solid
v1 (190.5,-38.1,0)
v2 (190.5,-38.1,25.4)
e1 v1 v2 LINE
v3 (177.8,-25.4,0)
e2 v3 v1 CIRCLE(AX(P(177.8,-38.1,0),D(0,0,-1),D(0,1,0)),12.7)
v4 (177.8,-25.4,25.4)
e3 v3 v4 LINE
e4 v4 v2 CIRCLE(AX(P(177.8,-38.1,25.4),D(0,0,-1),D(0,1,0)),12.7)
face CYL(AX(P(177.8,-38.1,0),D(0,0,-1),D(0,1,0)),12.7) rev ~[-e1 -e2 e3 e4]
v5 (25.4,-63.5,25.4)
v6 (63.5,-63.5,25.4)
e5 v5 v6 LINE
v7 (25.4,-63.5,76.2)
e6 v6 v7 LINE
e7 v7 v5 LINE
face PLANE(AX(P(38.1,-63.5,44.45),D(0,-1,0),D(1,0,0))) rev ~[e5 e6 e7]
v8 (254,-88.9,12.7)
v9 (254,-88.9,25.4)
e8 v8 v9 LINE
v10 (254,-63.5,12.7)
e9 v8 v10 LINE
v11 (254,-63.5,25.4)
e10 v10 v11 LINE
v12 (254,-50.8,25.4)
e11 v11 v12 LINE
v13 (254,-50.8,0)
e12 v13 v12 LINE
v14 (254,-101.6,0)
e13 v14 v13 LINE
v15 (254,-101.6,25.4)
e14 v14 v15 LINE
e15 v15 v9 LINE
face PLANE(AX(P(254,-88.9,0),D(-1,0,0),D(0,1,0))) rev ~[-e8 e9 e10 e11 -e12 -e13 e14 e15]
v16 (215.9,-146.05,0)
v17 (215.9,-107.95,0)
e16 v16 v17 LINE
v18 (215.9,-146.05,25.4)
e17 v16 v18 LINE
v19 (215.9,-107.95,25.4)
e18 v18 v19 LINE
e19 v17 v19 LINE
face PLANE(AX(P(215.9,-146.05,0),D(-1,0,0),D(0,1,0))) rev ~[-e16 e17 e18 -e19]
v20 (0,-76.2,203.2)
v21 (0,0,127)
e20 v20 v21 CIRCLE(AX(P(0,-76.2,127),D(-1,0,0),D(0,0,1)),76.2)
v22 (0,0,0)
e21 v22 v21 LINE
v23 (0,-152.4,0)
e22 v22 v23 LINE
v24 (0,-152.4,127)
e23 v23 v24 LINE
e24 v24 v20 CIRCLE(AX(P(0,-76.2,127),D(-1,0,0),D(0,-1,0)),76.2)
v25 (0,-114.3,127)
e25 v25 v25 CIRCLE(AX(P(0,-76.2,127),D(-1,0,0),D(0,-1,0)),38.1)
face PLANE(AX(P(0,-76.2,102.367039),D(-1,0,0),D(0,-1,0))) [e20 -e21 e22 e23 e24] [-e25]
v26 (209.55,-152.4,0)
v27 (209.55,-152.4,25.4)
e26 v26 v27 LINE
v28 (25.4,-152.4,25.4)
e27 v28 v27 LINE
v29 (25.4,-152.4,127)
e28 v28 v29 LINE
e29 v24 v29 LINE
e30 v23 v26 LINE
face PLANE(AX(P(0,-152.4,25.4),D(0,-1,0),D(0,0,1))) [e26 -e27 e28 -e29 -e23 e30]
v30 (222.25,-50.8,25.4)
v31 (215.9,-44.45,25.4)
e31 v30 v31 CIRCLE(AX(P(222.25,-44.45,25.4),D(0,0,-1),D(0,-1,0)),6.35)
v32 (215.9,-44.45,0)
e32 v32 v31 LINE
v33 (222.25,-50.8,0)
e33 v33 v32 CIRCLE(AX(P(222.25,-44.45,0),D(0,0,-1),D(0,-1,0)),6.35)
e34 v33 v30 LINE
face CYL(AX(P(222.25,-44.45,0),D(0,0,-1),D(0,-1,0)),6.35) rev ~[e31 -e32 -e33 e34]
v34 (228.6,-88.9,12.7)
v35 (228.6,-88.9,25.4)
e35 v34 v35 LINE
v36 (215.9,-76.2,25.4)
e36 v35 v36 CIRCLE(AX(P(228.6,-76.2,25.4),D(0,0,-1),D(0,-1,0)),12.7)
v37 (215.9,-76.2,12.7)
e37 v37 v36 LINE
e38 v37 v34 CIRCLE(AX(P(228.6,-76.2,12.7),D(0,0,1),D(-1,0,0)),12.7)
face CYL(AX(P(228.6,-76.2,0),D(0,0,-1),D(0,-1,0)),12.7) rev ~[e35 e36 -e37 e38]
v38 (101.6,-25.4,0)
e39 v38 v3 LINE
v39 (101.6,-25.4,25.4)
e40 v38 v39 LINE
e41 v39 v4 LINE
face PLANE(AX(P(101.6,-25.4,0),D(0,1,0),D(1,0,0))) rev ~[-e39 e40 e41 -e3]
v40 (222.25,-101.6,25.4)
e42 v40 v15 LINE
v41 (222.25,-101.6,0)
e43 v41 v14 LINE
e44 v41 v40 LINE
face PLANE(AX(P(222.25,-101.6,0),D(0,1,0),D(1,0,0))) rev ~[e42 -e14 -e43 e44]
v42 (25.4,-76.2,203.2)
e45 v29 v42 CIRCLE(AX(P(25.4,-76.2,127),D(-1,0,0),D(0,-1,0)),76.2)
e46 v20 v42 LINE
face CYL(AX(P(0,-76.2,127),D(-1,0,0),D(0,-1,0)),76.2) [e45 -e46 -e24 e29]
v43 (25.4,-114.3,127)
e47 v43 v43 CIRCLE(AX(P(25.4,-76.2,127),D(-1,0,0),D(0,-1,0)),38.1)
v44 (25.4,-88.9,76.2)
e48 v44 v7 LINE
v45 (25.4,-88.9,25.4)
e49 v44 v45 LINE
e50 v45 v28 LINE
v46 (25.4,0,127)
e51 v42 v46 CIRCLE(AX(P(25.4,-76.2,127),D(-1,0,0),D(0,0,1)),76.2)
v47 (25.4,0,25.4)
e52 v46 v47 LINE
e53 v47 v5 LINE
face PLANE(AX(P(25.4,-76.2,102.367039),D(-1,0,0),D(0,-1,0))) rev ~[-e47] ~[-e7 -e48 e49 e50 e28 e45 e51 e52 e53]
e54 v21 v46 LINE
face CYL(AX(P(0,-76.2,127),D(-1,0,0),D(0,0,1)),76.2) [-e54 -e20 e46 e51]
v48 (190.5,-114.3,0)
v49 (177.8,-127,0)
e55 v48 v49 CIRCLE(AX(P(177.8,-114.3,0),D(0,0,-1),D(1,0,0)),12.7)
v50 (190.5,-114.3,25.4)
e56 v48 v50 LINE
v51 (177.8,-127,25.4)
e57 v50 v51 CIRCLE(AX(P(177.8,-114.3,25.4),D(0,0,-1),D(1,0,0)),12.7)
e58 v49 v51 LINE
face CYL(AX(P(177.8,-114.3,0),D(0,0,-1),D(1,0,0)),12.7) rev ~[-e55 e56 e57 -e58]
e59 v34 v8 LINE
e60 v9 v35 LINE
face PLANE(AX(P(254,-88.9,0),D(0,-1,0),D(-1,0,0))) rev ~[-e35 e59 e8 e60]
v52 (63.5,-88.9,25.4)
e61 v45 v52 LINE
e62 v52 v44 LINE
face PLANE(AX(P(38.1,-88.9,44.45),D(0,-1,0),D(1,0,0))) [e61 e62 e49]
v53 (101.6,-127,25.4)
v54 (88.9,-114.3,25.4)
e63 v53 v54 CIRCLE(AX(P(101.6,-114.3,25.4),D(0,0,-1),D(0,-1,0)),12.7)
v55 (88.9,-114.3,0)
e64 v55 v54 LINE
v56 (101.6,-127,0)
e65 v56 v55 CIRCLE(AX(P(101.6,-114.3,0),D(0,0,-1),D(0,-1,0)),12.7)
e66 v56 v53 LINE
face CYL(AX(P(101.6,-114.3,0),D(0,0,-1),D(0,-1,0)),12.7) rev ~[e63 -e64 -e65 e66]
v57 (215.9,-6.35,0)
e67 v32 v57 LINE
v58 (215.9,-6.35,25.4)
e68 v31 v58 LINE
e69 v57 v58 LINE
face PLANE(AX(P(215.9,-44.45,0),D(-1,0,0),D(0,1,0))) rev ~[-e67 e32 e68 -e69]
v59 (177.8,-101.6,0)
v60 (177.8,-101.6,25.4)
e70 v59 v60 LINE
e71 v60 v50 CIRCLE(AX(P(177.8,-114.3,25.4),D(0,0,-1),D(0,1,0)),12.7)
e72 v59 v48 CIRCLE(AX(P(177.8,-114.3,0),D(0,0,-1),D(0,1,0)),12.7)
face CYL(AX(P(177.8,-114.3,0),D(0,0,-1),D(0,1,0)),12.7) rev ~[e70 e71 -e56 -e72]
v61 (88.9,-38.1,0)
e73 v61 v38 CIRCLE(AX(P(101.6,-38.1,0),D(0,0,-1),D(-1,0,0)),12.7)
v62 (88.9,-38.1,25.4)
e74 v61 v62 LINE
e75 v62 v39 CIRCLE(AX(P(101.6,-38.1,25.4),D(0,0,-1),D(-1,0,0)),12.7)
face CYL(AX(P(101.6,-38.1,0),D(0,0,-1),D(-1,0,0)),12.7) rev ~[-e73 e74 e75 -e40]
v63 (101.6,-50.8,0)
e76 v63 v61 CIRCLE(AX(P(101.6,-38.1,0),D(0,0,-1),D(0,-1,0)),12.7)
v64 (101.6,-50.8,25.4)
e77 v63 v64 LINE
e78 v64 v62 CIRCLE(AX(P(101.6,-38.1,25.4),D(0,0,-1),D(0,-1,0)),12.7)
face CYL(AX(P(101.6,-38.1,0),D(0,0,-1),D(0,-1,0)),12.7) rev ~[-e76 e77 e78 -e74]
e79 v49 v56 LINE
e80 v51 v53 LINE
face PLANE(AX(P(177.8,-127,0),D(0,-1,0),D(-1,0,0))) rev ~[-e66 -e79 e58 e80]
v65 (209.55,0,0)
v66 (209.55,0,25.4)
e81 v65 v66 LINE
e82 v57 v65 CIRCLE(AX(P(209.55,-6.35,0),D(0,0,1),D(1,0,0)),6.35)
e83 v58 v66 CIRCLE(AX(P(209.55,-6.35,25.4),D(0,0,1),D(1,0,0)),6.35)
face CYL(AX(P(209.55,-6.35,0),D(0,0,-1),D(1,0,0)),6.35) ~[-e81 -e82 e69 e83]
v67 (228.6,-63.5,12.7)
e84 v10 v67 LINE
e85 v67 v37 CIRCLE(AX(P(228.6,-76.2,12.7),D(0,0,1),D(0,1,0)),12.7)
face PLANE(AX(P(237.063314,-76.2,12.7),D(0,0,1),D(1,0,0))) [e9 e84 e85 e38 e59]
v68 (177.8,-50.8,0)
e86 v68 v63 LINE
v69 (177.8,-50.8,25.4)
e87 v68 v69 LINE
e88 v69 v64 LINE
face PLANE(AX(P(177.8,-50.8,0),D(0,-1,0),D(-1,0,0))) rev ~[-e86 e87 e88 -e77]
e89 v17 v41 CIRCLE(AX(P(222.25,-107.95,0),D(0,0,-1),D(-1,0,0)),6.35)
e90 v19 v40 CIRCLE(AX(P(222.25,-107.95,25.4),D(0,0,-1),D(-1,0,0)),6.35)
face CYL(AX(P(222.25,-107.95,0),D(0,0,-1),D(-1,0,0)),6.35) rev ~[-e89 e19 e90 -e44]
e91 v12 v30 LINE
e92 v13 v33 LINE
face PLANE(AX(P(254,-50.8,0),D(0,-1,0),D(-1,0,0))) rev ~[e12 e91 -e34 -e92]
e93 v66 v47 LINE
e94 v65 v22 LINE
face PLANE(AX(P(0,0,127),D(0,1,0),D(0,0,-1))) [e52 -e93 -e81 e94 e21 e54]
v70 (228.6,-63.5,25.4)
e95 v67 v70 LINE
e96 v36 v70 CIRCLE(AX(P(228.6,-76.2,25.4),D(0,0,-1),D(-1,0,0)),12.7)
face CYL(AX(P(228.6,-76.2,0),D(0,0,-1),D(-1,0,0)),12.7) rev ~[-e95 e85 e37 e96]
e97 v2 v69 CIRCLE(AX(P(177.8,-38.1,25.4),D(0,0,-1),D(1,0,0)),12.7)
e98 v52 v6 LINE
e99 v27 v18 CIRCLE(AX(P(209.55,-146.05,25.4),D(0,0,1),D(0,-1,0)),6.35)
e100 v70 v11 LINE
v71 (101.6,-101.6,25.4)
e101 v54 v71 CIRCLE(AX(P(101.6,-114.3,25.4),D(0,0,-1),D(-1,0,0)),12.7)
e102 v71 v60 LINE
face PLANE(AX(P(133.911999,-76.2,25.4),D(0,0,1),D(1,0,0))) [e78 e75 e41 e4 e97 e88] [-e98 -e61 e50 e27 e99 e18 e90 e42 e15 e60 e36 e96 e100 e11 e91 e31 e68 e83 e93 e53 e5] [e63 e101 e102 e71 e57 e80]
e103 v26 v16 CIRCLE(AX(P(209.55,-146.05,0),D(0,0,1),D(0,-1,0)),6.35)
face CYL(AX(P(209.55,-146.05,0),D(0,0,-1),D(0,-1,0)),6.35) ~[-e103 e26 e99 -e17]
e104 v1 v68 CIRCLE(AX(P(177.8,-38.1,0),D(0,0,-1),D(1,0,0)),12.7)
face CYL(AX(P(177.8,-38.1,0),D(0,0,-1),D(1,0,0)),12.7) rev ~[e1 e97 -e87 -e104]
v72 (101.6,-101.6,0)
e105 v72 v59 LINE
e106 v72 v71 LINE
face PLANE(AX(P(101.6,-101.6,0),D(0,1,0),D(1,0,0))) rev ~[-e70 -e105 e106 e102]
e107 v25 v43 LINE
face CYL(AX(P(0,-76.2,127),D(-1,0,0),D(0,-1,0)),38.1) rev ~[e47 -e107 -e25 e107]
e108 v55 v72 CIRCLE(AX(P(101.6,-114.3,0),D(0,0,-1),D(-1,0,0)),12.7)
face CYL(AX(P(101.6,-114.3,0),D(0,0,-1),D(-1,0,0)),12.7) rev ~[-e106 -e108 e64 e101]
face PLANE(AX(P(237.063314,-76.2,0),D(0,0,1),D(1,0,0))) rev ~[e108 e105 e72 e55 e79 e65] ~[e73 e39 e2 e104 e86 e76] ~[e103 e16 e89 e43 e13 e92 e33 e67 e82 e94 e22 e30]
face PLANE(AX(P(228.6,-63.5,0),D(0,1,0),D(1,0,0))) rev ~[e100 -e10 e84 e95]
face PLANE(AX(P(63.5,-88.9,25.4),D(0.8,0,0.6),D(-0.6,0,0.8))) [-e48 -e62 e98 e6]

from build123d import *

# Parameters (mm, degrees)
F1_DEPTH = 25.4
F2_DEPTH = 12.7
F3_R     = 38.1
F4_DEPTH = 25.4
F6_START = -63.5
F6_DEPTH = 25.4


with BuildPart() as f1:
    # F0 (on Top) → F1 (new body)
    with BuildSketch(Plane.XY):
        with BuildLine():
            Line((88.9, -38.1), (0, -38.1))
            Line((0, -38.1), (0, -114.3))
            Line((0, -114.3), (88.9, -114.3))
            ThreePointArc((88.9, -114.3), (92.6197438789, -105.3197438789), (101.6, -101.6))
            Line((101.6, -101.6), (177.8, -101.6))
            ThreePointArc((177.8, -101.6), (186.7802561211, -105.3197438789), (190.5, -114.3))
            Line((190.5, -114.3), (215.9, -114.3))
            Line((215.9, -114.3), (215.9, -107.95))
            ThreePointArc((215.9, -107.95), (217.7598719395, -103.4598719395), (222.25, -101.6))
            Line((222.25, -101.6), (254, -101.6))
            Line((254, -101.6), (254, -88.9))
            Line((254, -88.9), (228.6, -88.9))
            ThreePointArc((228.6, -88.9), (219.6197438789, -85.1802561211), (215.9, -76.2))
            ThreePointArc((215.9, -76.2), (219.6197438789, -67.2197438789), (228.6, -63.5))
            Line((228.6, -63.5), (254, -63.5))
            Line((254, -63.5), (254, -50.8))
            Line((254, -50.8), (222.25, -50.8))
            ThreePointArc((222.25, -50.8), (217.7598719395, -48.9401280605), (215.9, -44.45))
            Line((215.9, -44.45), (215.9, -38.1))
            Line((215.9, -38.1), (190.5, -38.1))
            ThreePointArc((190.5, -38.1), (186.7802561211, -47.0802561211), (177.8, -50.8))
            Line((177.8, -50.8), (101.6, -50.8))
            ThreePointArc((101.6, -50.8), (92.6197438789, -47.0802561211), (88.9, -38.1))
        make_face()
        with BuildLine():
            Line((209.55, 0), (0, 0))
            Line((0, 0), (0, -38.1))
            Line((0, -38.1), (88.9, -38.1))
            ThreePointArc((88.9, -38.1), (92.6197438789, -29.1197438789), (101.6, -25.4))
            Line((101.6, -25.4), (177.8, -25.4))
            ThreePointArc((177.8, -25.4), (186.7802561211, -29.1197438789), (190.5, -38.1))
            Line((190.5, -38.1), (215.9, -38.1))
            Line((215.9, -38.1), (215.9, -6.35))
            ThreePointArc((215.9, -6.35), (214.0401280605, -1.8598719395), (209.55, 0))
        make_face()
        with BuildLine():
            Line((88.9, -114.3), (0, -114.3))
            Line((0, -114.3), (0, -152.4))
            Line((0, -152.4), (209.55, -152.4))
            ThreePointArc((209.55, -152.4), (214.0401280605, -150.5401280605), (215.9, -146.05))
            Line((215.9, -146.05), (215.9, -114.3))
            Line((215.9, -114.3), (190.5, -114.3))
            ThreePointArc((190.5, -114.3), (186.7802561211, -123.2802561211), (177.8, -127))
            Line((177.8, -127), (101.6, -127))
            ThreePointArc((101.6, -127), (92.6197438789, -123.2802561211), (88.9, -114.3))
        make_face()
    extrude(amount=F1_DEPTH)

    # F0 (on Top) → F2 (join)
    with BuildSketch(Plane.XY):
        with BuildLine():
            Line((254, -88.9), (254, -63.5))
            Line((254, -63.5), (228.6, -63.5))
            ThreePointArc((228.6, -63.5), (219.6197438789, -67.2197438789), (215.9, -76.2))
            ThreePointArc((215.9, -76.2), (219.6197438789, -85.1802561211), (228.6, -88.9))
            Line((228.6, -88.9), (254, -88.9))
        make_face()
    extrude(amount=F2_DEPTH)

    # F3 (on face) → F4 (join)
    with BuildSketch(Plane(origin=(0, 0, 0), x_dir=(0, -1, 0), z_dir=(-1, 0, 0))):
        with BuildLine():
            Line((0, 127), (0, 25.4))
            Line((0, 25.4), (152.4, 25.4))
            Line((152.4, 25.4), (152.4, 127))
            ThreePointArc((152.4, 127), (130.0815367264, 180.8815367264), (76.2, 203.2))
            ThreePointArc((76.2, 203.2), (22.3184632736, 180.8815367264), (0, 127))
        make_face()
        with Locations((76.2, 127)):
            Circle(F3_R, mode=Mode.SUBTRACT)
    extrude(amount=-F4_DEPTH)

    # F5 (on face) → F6 (join)
    with BuildSketch(Plane.XZ.offset(152.4).offset(F6_START)):
        Polygon((25.4, 76.2), (25.4, 25.4), (63.5, 25.4), align=None)
    extrude(amount=-F6_DEPTH)


solid = f1.part
